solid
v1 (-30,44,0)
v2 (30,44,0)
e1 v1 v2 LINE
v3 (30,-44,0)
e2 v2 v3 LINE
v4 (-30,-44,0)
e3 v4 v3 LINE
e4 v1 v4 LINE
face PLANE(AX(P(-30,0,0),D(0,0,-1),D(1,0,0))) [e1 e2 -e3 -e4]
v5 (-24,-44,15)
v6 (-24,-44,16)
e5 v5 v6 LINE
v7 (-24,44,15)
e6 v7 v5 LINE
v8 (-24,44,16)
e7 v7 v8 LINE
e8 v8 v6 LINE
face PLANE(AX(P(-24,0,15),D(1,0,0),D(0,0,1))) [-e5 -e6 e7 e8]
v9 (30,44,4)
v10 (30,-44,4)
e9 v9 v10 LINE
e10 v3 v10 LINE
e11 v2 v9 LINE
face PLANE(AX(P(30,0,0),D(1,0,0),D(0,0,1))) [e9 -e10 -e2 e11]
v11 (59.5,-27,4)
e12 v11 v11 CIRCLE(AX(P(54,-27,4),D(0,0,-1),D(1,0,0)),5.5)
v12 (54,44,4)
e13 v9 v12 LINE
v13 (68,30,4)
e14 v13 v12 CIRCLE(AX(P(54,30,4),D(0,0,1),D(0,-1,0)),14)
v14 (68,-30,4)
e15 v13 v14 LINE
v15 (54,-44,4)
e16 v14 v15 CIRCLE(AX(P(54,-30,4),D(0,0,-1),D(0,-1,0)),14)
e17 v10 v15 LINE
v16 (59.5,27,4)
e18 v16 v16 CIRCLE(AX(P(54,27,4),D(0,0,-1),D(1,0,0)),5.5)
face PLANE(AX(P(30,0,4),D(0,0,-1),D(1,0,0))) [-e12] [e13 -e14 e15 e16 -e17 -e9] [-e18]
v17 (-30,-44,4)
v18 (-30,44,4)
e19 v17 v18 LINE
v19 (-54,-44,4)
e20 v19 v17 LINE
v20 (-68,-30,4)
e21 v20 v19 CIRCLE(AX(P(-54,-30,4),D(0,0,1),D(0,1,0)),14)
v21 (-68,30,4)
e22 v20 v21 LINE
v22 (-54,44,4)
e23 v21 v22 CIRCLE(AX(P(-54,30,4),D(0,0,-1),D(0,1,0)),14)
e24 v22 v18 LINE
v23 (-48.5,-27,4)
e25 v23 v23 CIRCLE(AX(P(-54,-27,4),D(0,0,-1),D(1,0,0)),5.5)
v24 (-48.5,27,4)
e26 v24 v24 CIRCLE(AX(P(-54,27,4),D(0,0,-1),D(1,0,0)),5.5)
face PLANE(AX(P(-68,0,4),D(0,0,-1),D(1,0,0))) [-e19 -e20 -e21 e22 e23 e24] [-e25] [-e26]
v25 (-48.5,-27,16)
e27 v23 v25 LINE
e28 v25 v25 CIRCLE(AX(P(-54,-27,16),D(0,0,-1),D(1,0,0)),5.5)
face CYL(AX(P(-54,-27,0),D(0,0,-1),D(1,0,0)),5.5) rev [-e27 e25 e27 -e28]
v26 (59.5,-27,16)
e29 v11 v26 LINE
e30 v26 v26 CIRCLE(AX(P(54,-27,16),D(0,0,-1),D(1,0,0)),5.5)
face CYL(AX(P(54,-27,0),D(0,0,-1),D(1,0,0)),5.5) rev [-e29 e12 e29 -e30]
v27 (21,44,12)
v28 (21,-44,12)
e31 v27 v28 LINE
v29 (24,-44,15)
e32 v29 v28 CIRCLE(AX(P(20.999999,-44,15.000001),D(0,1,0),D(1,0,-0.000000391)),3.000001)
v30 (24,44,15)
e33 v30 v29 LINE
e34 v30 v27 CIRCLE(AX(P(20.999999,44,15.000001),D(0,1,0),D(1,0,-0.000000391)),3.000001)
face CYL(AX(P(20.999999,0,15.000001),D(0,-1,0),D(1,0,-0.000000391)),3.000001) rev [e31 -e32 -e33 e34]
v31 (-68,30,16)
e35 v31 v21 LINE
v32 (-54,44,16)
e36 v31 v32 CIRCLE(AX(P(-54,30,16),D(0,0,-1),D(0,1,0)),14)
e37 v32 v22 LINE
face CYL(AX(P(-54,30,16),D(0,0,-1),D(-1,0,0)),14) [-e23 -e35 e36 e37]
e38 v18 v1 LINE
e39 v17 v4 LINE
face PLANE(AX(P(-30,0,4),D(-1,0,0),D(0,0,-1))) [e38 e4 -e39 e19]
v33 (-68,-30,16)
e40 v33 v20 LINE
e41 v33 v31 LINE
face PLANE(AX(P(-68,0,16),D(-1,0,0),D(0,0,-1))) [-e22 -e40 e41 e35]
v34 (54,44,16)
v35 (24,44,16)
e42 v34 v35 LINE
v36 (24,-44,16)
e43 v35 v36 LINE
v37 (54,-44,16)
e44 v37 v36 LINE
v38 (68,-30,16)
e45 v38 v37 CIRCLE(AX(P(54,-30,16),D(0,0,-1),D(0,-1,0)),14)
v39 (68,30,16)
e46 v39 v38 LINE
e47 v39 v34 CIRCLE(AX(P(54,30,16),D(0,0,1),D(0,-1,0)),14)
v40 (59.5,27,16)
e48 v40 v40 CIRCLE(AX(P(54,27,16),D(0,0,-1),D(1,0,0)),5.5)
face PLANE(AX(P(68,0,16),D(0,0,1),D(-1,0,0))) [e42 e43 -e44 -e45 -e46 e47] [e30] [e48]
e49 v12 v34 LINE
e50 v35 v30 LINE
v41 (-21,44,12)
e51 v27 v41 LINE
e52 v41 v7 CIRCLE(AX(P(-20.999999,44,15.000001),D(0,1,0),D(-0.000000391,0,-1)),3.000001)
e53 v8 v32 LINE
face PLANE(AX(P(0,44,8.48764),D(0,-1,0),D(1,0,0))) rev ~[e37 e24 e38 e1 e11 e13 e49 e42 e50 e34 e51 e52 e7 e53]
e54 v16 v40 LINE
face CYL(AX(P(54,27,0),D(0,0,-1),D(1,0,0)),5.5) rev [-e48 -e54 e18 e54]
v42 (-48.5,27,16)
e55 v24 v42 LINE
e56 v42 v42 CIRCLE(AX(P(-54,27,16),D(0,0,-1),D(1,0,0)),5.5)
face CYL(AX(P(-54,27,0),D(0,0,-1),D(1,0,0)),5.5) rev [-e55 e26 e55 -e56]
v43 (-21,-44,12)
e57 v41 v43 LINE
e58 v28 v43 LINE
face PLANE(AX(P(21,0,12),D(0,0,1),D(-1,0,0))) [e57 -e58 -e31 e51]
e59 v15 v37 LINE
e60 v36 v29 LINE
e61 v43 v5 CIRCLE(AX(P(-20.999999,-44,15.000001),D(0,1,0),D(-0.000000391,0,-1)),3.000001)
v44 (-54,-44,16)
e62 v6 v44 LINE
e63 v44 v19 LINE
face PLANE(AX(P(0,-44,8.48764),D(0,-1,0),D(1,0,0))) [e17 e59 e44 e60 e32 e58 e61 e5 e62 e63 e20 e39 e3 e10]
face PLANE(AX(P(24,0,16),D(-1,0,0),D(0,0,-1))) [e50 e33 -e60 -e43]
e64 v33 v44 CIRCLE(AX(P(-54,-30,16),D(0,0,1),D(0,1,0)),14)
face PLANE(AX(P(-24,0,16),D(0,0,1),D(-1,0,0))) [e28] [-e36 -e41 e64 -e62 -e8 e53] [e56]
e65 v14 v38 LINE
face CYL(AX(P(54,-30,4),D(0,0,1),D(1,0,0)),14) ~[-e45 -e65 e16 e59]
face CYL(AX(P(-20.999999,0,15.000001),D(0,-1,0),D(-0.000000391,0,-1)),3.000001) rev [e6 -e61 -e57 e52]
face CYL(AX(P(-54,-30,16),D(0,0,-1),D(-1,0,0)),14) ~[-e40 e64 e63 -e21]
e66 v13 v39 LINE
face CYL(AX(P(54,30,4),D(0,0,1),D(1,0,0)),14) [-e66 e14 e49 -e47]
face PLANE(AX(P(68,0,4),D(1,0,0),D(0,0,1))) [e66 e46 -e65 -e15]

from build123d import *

# Parameters (mm, degrees)
F1_DEPTH = 44
F2_R     = 14
F3_R     = 5.5
F4_DEPTH = 16.001


with BuildPart() as f1:
    # F0 (on Front) → F1 (new body, symmetric)
    with BuildSketch(Plane.XZ):
        with BuildLine():
            Line((-30, 4), (-30, 0))
            Line((-30, 0), (30, 0))
            Line((30, 0), (30, 4))
            Line((30, 4), (68, 4))
            Line((68, 4), (68, 16))
            Line((68, 16), (24, 16))
            Line((24, 16), (24, 15))
            ThreePointArc((24, 15), (23.12132, 12.87868), (21, 12))
            Line((21, 12), (-21, 12))
            ThreePointArc((-21, 12), (-23.12132, 12.87868), (-24, 15))
            Line((-24, 15), (-24, 16))
            Line((-24, 16), (-68, 16))
            Line((-68, 16), (-68, 4))
            Line((-68, 4), (-30, 4))
        make_face()
    extrude(amount=F1_DEPTH, both=True)

    # F2
    f2_edges = [f1.edges().sort_by_distance(p)[0] for p in [
        (-68, -44, 10),
        (-68, 44, 10),
        (68, 44, 10),
        (68, -44, 10),
    ]]
    fillet(f2_edges, radius=F2_R)

    # F3 (on Top) → F4 (cut, through all)
    with BuildSketch(Plane.XY):
        with Locations((-54, 27)):
            Circle(F3_R)
        with Locations((-54, -27)):
            Circle(F3_R)
        with Locations((54, 27)):
            Circle(F3_R)
        with Locations((54, -27)):
            Circle(F3_R)
    extrude(amount=F4_DEPTH, mode=Mode.SUBTRACT)


solid = f1.part
